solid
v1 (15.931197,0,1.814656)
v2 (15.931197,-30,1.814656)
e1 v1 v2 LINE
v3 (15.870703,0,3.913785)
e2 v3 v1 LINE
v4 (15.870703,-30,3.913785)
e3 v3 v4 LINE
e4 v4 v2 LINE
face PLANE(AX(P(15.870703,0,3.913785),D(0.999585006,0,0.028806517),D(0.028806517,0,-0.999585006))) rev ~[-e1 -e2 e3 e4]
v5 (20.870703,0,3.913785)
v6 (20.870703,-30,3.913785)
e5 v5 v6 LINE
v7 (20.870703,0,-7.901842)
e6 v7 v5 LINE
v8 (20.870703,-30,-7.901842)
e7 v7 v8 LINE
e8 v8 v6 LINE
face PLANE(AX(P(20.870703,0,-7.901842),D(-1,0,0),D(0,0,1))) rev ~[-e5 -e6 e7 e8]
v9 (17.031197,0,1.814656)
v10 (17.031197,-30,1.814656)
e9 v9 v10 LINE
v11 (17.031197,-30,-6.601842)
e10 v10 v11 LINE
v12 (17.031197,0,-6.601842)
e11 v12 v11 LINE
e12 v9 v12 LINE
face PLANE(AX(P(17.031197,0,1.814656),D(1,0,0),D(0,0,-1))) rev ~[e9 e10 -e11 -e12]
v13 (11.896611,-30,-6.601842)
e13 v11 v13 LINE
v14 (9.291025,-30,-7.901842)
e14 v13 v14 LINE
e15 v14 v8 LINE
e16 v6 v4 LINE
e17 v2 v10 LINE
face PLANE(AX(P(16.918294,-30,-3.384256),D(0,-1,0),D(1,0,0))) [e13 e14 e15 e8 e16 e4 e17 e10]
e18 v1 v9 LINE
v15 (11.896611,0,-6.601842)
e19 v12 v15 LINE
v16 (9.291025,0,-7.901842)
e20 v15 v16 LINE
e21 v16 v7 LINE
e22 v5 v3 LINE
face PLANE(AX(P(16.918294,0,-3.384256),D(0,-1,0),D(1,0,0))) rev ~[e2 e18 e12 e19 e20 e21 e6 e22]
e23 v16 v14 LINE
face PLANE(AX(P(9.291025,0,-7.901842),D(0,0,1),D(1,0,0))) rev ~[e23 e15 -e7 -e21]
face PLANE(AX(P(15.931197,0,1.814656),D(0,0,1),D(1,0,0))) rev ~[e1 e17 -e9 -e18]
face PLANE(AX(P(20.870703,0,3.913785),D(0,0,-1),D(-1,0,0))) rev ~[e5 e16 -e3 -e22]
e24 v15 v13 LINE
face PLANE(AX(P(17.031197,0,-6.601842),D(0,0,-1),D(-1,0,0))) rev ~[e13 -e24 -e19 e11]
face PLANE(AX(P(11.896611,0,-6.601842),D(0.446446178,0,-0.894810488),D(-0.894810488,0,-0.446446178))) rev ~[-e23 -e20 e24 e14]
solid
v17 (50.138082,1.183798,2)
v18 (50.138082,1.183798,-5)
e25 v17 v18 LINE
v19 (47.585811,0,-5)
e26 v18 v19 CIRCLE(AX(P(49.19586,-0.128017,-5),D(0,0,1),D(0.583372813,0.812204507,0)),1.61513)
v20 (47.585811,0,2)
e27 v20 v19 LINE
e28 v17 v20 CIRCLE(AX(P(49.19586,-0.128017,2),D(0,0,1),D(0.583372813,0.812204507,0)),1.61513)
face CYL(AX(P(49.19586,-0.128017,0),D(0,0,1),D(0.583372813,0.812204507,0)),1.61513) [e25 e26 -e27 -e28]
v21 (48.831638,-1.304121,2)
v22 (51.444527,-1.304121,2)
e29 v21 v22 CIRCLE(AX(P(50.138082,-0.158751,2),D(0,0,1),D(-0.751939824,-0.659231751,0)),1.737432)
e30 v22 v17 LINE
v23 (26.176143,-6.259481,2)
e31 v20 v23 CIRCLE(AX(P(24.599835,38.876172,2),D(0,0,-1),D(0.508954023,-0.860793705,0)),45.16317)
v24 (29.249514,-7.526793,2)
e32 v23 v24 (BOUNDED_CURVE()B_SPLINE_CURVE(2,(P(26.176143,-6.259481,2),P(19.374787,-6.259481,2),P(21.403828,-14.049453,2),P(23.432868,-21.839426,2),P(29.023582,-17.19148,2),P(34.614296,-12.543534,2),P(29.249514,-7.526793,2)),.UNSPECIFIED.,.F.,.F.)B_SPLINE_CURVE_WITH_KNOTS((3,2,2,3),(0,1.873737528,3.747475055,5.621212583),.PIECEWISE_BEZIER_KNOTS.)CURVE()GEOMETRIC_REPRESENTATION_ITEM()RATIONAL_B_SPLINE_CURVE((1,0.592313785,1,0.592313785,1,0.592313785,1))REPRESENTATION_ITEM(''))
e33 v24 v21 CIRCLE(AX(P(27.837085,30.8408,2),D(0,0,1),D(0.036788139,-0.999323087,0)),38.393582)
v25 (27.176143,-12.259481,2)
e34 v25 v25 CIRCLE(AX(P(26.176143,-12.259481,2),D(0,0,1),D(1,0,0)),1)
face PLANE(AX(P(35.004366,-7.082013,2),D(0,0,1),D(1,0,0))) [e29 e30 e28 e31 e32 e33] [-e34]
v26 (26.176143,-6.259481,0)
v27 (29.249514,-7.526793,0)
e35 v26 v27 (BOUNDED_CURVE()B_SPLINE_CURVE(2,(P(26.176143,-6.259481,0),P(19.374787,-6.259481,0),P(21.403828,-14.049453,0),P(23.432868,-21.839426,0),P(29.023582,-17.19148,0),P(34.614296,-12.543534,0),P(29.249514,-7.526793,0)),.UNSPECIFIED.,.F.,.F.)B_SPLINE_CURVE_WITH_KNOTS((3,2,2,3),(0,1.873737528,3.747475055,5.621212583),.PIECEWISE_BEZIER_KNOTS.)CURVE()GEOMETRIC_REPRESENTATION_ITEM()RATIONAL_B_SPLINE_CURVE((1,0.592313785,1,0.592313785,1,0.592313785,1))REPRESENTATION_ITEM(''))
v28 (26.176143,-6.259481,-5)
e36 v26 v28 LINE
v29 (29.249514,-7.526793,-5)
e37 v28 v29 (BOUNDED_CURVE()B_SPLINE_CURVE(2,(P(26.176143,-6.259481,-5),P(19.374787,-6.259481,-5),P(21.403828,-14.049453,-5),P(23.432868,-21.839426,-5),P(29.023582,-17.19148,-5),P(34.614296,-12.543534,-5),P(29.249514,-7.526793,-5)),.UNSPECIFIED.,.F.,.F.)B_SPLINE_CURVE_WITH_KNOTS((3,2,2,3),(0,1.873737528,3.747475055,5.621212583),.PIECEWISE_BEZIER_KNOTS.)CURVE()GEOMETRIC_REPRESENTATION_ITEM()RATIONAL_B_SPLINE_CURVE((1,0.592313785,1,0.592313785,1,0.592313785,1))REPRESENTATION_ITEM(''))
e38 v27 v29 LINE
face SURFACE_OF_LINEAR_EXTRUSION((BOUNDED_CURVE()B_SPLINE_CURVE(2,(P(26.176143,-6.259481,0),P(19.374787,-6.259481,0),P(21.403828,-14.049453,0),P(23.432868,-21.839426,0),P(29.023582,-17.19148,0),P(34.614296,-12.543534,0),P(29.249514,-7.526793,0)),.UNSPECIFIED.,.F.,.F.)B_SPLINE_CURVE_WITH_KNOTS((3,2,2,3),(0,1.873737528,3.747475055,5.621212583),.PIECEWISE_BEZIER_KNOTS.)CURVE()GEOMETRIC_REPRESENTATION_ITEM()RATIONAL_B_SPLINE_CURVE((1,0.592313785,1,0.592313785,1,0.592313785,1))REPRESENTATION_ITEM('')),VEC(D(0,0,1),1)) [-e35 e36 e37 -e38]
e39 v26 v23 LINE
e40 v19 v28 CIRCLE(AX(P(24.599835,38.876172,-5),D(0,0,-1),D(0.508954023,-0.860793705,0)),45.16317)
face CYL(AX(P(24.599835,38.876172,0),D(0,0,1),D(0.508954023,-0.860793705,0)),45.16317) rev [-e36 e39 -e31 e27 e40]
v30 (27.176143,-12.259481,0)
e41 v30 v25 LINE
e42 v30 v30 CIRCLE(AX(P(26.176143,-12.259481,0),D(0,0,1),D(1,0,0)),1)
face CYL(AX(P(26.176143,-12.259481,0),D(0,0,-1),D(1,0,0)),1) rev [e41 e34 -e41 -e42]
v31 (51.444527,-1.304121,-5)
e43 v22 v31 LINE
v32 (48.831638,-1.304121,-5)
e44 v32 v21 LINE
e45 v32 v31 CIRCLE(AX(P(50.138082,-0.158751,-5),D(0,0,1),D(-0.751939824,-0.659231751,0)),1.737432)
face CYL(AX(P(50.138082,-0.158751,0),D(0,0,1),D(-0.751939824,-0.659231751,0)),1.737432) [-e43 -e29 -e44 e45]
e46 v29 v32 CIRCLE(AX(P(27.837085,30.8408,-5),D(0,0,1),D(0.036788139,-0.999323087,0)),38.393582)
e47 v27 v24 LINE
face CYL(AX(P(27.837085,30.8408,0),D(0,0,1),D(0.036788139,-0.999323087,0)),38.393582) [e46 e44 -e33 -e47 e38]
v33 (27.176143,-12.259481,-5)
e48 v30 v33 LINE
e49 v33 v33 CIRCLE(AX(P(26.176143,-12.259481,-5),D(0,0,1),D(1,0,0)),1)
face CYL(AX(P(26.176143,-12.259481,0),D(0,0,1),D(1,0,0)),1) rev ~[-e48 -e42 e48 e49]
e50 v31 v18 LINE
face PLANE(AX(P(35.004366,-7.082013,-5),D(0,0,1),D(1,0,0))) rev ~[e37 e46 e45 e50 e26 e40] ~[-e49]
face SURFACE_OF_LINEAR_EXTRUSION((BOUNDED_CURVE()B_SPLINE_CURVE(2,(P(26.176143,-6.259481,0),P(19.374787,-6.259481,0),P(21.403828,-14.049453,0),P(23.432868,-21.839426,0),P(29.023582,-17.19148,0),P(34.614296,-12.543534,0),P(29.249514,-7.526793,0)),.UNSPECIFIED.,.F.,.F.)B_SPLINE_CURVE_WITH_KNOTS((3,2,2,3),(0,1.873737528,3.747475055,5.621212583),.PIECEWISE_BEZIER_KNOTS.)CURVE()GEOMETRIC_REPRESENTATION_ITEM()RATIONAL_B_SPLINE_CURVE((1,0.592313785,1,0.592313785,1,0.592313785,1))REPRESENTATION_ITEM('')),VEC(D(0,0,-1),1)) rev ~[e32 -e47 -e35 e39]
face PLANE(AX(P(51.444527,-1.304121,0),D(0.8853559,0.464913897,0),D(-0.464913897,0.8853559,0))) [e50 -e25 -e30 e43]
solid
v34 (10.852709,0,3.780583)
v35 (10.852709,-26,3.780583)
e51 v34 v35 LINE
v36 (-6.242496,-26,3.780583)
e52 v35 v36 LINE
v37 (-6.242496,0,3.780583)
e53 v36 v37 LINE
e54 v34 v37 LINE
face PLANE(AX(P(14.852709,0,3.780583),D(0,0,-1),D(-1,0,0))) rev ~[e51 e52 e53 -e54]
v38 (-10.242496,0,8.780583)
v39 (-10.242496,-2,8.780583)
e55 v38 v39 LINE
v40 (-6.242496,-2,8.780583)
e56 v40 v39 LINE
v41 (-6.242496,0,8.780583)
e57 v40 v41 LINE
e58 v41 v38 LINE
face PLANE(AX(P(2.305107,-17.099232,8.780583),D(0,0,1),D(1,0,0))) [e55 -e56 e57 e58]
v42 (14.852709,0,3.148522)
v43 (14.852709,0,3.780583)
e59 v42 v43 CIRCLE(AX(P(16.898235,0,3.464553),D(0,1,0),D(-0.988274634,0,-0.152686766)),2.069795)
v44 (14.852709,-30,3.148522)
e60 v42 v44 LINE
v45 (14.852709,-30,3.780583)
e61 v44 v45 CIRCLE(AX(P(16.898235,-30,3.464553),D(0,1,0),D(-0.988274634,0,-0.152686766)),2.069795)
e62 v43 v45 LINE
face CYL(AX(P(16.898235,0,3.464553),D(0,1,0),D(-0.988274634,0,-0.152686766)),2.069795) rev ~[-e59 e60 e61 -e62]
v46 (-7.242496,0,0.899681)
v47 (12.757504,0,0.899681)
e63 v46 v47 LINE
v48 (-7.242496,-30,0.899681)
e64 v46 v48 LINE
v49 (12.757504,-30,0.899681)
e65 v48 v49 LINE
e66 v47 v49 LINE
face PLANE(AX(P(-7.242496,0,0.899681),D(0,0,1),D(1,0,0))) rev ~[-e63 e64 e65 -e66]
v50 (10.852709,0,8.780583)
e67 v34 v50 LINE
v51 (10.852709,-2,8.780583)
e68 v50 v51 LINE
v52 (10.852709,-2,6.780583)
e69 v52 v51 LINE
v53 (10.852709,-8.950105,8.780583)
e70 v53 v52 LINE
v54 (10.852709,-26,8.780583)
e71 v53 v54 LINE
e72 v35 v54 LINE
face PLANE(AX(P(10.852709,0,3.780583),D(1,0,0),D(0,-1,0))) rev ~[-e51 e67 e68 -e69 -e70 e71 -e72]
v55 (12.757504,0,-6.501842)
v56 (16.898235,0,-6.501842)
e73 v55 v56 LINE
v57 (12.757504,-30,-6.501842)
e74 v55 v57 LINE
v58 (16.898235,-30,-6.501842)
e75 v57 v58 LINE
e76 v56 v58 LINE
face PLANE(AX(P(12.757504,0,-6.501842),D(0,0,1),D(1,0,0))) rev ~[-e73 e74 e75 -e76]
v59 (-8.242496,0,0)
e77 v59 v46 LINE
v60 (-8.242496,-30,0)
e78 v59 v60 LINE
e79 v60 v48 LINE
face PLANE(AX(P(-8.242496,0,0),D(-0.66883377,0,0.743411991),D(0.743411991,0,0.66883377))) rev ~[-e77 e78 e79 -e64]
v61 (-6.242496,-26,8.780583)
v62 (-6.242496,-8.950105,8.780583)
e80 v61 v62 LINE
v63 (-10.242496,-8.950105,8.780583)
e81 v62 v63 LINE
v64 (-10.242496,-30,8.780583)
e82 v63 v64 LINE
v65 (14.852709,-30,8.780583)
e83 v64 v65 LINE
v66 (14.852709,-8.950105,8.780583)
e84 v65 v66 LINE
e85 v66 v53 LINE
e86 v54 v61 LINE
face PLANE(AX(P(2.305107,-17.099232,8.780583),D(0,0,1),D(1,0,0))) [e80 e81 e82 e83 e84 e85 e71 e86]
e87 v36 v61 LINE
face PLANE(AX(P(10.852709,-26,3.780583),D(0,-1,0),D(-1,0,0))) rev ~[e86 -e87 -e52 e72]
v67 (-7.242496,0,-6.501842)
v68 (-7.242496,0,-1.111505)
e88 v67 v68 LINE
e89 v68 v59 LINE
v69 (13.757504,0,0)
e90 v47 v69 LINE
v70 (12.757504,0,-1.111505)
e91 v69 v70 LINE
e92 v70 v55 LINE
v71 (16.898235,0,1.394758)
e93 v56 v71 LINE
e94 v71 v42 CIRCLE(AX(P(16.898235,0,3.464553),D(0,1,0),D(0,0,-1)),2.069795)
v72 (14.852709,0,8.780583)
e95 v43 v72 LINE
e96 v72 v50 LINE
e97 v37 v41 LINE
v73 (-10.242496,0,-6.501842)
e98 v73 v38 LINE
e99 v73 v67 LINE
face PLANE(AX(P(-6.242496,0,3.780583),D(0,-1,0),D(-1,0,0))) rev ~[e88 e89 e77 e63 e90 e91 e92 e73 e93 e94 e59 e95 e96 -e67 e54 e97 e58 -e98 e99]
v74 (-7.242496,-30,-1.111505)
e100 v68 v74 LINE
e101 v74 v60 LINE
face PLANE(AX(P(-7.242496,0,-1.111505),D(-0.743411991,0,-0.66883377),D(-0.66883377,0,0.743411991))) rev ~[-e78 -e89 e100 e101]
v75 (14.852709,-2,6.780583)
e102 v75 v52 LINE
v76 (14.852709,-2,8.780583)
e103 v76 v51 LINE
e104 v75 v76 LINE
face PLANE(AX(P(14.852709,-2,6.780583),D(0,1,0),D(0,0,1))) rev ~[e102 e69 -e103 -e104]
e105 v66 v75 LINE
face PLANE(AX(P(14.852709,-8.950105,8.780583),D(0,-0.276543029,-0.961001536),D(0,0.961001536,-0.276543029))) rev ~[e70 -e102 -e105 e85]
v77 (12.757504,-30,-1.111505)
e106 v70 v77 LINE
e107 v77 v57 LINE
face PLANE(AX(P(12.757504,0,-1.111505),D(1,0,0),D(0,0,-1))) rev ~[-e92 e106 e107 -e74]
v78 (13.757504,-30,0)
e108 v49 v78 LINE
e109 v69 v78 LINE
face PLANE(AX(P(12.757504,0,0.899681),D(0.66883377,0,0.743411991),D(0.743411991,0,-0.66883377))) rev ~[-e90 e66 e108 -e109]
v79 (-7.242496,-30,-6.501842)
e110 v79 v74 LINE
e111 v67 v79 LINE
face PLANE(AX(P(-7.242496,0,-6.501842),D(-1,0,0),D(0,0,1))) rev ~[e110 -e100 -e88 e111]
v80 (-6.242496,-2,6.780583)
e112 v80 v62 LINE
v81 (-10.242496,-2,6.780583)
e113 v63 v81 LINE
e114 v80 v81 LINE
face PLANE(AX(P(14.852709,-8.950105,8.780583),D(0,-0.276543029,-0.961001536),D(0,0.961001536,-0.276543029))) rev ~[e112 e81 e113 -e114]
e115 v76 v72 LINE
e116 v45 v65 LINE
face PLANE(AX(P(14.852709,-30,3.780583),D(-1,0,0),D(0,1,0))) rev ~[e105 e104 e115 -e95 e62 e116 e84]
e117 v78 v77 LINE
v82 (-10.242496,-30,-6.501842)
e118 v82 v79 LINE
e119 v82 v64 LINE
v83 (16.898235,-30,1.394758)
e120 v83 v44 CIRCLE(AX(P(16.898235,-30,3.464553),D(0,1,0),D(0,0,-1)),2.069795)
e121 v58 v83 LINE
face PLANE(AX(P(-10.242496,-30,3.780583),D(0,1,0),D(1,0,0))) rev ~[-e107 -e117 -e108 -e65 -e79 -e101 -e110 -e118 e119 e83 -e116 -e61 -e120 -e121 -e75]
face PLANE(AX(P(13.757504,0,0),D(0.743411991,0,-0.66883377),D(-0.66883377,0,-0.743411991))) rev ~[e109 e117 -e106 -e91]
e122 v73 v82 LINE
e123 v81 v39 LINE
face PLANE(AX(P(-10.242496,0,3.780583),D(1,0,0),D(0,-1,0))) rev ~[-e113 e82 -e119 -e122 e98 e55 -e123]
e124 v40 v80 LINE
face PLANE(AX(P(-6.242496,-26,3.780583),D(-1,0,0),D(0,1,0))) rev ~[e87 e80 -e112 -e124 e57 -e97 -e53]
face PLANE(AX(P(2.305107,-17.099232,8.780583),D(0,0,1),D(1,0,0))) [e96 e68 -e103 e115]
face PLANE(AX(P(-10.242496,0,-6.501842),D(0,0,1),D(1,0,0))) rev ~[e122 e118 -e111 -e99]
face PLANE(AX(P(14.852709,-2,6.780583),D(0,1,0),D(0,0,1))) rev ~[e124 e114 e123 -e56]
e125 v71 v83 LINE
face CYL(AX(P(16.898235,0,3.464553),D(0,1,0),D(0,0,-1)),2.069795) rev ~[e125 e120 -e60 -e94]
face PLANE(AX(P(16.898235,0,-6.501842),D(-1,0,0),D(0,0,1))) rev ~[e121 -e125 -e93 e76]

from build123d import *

# Parameters (mm, degrees)
F1_DEPTH      = 30
F2_R          = 1
F3_DEPTH      = 2
F3_DEPTH_BACK = 5
F5_DEPTH      = 5
F7_DEPTH      = 40
F7_DEPTH_BACK = 25


with BuildPart() as f1:
    # F0 (on Front) → F1 (new body)
    with BuildSketch(Plane.XZ):
        with BuildLine():
            Line((14.8527094555, 3.780583021), (-10.2424963421, 3.780583021))
            Line((-10.2424963421, 3.780583021), (-10.2424963421, -6.5018421061))
            Line((-10.2424963421, -6.5018421061), (-7.2424963421, -6.5018421061))
            Line((-7.2424963421, -6.5018421061), (-7.2424963421, -1.1115048688))
            Line((-7.2424963421, -1.1115048688), (-8.2424963421, 0))
            Line((-8.2424963421, 0), (-7.2424963421, 0.8996811692))
            Line((-7.2424963421, 0.8996811692), (12.7575036579, 0.8996811692))
            Line((12.7575036579, 0.8996811692), (13.7575036579, 0))
            Line((13.7575036579, 0), (12.7575036579, -1.1115048688))
            Line((12.7575036579, -1.1115048688), (12.7575036579, -6.5018421061))
            Line((12.7575036579, -6.5018421061), (16.8982353061, -6.5018421061))
            Line((16.8982353061, -6.5018421061), (16.8982353061, 1.3947577681))
            ThreePointArc((16.8982353061, 1.3947577681), (15.5510283365, 1.8932206333), (14.8527094555, 3.1485224248))
            ThreePointArc((14.8527094555, 3.1485224248), (14.8284403514, 3.4645527229), (14.8527094555, 3.780583021))
        make_face()
    extrude(amount=F1_DEPTH)

    # F4 (on face) → F5 (join)
    with BuildSketch(Plane.XY.offset(3.780583021)):
        Polygon((-6.2424963421, 0), (-10.2424963421, 0), (-10.2424963421, -26), (-10.2424963421, -30), (-6.2424963421, -30), (10.8527094555, -30), (14.8527094555, -30), (14.8527094555, -26), (14.8527094555, 0), (10.8527094555, 0), (10.8527094555, -26), (-6.2424963421, -26), align=None)
    extrude(amount=F5_DEPTH)

    # F6 (on face) → F7 (cut, two sides)
    with BuildSketch(Plane.YZ.offset(14.8527094555)) as f7_sk:
        Polygon((-2, 6.780583021), (-2, 8.780583021), (-2.450104937, 8.780583021), (-8.950104937, 8.780583021), align=None)
    extrude(amount=-F7_DEPTH, mode=Mode.SUBTRACT)
    extrude(f7_sk.sketch, amount=F7_DEPTH_BACK, mode=Mode.SUBTRACT)


with BuildPart() as f1b:
    # F0 (on Front) → F1, piece 2 (new body)
    with BuildSketch(Plane.XZ):
        Polygon((11.8966108242, -6.6018421061), (9.2910254428, -7.9018421061), (20.8707033843, -7.9018421061), (20.8707033843, 3.9137848653), (15.8707033843, 3.9137848653), (15.931197069, 1.8146563523), (17.031197069, 1.8146563523), (17.031197069, -6.6018421061), align=None)
    extrude(amount=F1_DEPTH)


with BuildPart() as f3:
    # F2 (on Top) → F3 (new body, two sides)
    with BuildSketch(Plane.XY) as f3_sk:
        with BuildLine():
            ThreePointArc((47.585811466, 0), (37.2734979985, -4.4723012943), (26.1761434376, -6.2594805434))
            add(Edge.make_bspline(
                [(26.1761434376, -6.2594805434), (19.3747874707, -6.2594805434), (21.4038275676, -14.0494531079), (23.4328676646, -21.8394256723), (29.0235815963, -17.1914799496), (34.614295528, -12.543534227), (29.2495139133, -7.5267934374)],
                knots=[0, 0, 0, 1.8737375275, 1.8737375275, 3.747475055, 3.747475055, 5.6212125825, 5.6212125825, 5.6212125825], degree=2, weights=[1, 0.5923137848, 1, 0.5923137848, 1, 0.5923137848, 1]))
            ThreePointArc((29.2495139133, -7.5267934374), (39.4645791019, -5.7497530376), (48.8316376838, -1.3041211464))
            ThreePointArc((48.8316376838, -1.3041211464), (50.1380822228, -1.8961829102), (51.4445267618, -1.3041211464))
            Line((51.4445267618, -1.3041211464), (50.1380822228, 1.1837984202))
            ThreePointArc((50.1380822228, 1.1837984202), (48.5162697127, 1.3371795039), (47.585811466, 0))
        make_face()
        with Locations((26.1761434376, -12.2594805434)):
            Circle(F2_R, mode=Mode.SUBTRACT)
    extrude(amount=F3_DEPTH)
    extrude(f3_sk.sketch, amount=-F3_DEPTH_BACK)


solid = Compound([f1.part, f1b.part, f3.part])
